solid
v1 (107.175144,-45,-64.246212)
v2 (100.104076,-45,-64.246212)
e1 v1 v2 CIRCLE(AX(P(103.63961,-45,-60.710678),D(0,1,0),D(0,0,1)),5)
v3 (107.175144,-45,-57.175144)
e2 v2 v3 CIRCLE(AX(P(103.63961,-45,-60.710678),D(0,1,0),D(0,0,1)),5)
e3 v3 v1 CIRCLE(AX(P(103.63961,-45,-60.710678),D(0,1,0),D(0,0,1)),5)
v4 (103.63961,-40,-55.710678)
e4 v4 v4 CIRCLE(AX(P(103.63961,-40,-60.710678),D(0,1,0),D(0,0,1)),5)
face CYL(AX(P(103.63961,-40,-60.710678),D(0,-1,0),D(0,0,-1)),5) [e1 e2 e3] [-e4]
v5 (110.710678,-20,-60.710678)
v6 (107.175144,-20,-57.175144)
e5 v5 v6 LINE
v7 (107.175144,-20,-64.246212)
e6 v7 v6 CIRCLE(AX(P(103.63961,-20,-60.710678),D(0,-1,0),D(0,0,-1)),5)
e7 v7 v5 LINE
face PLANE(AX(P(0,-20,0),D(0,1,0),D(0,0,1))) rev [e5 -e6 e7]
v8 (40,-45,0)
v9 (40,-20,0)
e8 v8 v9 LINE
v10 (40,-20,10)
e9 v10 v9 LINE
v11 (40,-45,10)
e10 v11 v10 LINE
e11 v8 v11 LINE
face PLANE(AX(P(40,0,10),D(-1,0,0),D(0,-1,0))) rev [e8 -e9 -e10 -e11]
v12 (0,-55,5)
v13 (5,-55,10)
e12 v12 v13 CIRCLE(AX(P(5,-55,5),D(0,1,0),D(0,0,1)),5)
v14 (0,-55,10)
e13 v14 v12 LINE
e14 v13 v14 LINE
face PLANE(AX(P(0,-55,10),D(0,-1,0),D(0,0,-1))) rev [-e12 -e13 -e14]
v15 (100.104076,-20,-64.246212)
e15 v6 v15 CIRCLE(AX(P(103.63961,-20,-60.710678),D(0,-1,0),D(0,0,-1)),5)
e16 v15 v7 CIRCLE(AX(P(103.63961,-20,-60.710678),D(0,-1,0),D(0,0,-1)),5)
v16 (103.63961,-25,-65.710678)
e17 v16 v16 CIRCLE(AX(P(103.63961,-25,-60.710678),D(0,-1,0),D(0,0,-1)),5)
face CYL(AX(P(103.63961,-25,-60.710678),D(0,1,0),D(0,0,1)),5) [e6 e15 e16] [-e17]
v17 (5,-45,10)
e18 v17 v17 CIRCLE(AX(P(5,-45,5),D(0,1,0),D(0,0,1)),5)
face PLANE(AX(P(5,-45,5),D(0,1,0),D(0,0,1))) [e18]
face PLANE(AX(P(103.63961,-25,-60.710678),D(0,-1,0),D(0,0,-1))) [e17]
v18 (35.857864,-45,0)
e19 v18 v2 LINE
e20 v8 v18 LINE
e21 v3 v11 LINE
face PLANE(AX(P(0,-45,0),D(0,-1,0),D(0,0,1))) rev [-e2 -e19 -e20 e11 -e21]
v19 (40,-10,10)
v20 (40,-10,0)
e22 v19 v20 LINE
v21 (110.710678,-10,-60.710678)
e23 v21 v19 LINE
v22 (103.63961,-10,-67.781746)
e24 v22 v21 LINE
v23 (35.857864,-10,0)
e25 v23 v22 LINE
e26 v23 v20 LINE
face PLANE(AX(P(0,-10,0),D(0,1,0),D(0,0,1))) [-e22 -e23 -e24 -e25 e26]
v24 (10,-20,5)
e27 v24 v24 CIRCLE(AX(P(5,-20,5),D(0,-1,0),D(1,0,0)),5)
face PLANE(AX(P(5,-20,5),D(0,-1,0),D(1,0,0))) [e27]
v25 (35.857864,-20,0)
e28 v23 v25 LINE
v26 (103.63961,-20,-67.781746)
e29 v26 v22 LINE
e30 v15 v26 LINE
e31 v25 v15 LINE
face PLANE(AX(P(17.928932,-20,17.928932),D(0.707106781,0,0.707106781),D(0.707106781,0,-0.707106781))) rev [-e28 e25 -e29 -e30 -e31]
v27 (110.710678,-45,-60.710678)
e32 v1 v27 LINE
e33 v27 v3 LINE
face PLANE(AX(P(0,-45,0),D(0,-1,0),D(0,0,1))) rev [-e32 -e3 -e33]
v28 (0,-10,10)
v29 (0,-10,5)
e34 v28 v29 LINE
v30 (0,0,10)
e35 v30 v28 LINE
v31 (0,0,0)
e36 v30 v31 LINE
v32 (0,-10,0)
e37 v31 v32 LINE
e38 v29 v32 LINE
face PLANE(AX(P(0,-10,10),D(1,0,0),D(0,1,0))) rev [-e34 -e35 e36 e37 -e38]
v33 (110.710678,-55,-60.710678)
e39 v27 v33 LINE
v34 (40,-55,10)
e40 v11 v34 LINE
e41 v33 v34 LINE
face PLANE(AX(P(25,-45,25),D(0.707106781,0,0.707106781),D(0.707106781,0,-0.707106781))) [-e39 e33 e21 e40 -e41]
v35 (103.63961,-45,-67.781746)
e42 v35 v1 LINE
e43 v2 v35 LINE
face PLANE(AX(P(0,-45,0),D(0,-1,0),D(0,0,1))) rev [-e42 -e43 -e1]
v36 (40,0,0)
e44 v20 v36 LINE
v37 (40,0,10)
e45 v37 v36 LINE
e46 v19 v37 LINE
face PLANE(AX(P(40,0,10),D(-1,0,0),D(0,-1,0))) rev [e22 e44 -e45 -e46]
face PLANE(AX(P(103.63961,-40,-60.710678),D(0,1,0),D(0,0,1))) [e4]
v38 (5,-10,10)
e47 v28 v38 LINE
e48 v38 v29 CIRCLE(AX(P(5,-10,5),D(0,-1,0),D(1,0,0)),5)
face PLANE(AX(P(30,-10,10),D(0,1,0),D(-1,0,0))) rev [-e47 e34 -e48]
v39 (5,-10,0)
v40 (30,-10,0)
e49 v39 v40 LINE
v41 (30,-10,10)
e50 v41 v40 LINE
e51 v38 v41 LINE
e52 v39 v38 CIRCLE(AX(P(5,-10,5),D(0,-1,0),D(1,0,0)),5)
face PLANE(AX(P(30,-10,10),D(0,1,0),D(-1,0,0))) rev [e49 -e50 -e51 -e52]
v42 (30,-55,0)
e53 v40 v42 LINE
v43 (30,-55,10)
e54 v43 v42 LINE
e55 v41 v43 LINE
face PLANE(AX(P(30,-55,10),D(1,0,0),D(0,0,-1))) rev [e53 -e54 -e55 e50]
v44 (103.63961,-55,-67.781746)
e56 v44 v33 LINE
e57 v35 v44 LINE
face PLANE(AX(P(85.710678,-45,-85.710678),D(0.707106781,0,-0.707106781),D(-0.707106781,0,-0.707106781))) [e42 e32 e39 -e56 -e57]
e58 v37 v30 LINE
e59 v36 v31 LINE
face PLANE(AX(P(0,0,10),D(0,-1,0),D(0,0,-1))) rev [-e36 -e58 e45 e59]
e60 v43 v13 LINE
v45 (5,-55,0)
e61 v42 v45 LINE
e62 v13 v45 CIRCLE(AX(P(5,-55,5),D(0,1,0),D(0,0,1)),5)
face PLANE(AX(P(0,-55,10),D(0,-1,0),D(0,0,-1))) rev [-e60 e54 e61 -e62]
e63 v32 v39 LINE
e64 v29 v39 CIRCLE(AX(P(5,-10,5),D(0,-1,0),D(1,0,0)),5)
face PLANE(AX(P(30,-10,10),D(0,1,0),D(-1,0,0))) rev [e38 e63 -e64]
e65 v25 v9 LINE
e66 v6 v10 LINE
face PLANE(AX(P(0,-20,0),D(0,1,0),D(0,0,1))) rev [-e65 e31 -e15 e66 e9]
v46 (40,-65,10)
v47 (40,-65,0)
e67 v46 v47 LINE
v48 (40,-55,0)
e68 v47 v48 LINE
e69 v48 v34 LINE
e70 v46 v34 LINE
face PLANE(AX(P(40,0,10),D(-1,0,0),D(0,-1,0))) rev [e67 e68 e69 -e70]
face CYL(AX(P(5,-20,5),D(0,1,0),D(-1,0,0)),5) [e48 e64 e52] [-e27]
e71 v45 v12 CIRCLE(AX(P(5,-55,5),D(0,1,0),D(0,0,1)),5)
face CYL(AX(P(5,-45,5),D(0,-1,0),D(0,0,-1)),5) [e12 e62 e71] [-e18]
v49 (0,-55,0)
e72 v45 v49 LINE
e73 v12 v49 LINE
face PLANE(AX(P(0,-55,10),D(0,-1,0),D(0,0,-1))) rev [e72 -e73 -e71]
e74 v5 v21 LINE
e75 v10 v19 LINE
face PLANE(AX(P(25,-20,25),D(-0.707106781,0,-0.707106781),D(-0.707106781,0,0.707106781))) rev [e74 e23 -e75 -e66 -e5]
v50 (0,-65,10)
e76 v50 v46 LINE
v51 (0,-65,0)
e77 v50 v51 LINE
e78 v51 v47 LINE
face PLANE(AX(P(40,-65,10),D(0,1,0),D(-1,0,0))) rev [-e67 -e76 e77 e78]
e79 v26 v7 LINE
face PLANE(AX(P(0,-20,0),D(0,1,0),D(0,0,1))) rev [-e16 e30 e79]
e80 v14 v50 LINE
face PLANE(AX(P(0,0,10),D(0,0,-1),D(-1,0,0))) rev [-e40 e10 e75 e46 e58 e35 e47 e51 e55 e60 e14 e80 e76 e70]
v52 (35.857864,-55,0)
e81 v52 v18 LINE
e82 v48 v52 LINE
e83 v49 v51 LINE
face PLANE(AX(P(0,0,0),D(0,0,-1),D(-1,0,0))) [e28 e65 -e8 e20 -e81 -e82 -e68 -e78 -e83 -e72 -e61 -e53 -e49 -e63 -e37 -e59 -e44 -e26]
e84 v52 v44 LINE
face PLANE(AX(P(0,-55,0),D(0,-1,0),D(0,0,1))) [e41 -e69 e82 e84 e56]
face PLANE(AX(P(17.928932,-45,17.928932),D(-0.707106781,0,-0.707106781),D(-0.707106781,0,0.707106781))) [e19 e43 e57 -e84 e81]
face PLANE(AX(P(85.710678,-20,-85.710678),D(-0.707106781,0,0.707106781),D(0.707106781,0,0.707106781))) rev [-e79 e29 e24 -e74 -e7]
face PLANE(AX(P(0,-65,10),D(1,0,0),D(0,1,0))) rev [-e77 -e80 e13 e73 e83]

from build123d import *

# Parameters (mm, degrees)
SALIENTE_EXTRUIR1_DEPTH = 10
CROQUIS2_R              = 5
SALIENTE_EXTRUIR4_DEPTH = 10
SALIENTE_EXTRUIR5_START = 10
CROQUIS4_R              = 5
SALIENTE_EXTRUIR5_DEPTH = 10
SALIENTE_EXTRUIR7_START = -10
SALIENTE_EXTRUIR7_DEPTH = 10
CROQUIS8_R              = 5
SALIENTE_EXTRUIR8_DEPTH = 5
SALIENTE_EXTRUIR9_START = 5
CROQUIS10_R             = 5
SALIENTE_EXTRUIR9_DEPTH = 5


with BuildPart() as part:
    # Croquis1 → Saliente-Extruir1 (new body)
    with BuildSketch(Plane.XY):
        Polygon((0, 0), (40, 0), (40, -65), (0, -65), (0, -55), (30, -55), (30, -10), (0, -10), align=None)
    extrude(amount=SALIENTE_EXTRUIR1_DEPTH)

    # Croquis2 → Saliente-Extruir4 (add)
    with BuildSketch(Plane.XZ.offset(10)):
        with Locations(Location((5, 5, 0), (0, 0, 180))):
            Circle(CROQUIS2_R)
    extrude(amount=SALIENTE_EXTRUIR4_DEPTH)

    # Croquis4 → Saliente-Extruir5 (add)
    with BuildSketch(Plane(origin=(0, -55, 0), x_dir=(1, 0, 0), z_dir=(0, 1, 0)).offset(SALIENTE_EXTRUIR5_START)):
        with Locations(Location((5, -5, 0), (0, 0, 180))):
            Circle(CROQUIS4_R)
    extrude(amount=-SALIENTE_EXTRUIR5_DEPTH)

    # Croquis7 → Saliente-Extruir7 (add)
    with BuildSketch(Plane(origin=(0, 0, 0), x_dir=(1, 0, 0), z_dir=(0, 1, 0)).offset(SALIENTE_EXTRUIR7_START)):
        Polygon((30, -5.857864376), (103.639610307, 67.781745931), (110.710678119, 60.710678119), (40, -10), (30, -10), align=None)
    saliente_extruir7 = extrude(amount=-SALIENTE_EXTRUIR7_DEPTH)

    # Simetría1: Saliente-Extruir7 across plane
    add(saliente_extruir7.mirror(Plane.ZX.offset(-32.5)))

    # Croquis8 → Saliente-Extruir8 (add)
    with BuildSketch(Plane.XZ.offset(20)):
        with Locations(Location((103.639610307, -60.710678119, 0), (0, 0, 45))):
            Circle(CROQUIS8_R)
    extrude(amount=SALIENTE_EXTRUIR8_DEPTH)

    # Croquis10 → Saliente-Extruir9 (add)
    with BuildSketch(Plane(origin=(0, -45, 0), x_dir=(1, 0, 0), z_dir=(0, 1, 0)).offset(SALIENTE_EXTRUIR9_START)):
        with Locations(Location((103.639610307, 60.710678119, 0), (0, 0, 315))):
            Circle(CROQUIS10_R)
    extrude(amount=-SALIENTE_EXTRUIR9_DEPTH)


solid = part.part
